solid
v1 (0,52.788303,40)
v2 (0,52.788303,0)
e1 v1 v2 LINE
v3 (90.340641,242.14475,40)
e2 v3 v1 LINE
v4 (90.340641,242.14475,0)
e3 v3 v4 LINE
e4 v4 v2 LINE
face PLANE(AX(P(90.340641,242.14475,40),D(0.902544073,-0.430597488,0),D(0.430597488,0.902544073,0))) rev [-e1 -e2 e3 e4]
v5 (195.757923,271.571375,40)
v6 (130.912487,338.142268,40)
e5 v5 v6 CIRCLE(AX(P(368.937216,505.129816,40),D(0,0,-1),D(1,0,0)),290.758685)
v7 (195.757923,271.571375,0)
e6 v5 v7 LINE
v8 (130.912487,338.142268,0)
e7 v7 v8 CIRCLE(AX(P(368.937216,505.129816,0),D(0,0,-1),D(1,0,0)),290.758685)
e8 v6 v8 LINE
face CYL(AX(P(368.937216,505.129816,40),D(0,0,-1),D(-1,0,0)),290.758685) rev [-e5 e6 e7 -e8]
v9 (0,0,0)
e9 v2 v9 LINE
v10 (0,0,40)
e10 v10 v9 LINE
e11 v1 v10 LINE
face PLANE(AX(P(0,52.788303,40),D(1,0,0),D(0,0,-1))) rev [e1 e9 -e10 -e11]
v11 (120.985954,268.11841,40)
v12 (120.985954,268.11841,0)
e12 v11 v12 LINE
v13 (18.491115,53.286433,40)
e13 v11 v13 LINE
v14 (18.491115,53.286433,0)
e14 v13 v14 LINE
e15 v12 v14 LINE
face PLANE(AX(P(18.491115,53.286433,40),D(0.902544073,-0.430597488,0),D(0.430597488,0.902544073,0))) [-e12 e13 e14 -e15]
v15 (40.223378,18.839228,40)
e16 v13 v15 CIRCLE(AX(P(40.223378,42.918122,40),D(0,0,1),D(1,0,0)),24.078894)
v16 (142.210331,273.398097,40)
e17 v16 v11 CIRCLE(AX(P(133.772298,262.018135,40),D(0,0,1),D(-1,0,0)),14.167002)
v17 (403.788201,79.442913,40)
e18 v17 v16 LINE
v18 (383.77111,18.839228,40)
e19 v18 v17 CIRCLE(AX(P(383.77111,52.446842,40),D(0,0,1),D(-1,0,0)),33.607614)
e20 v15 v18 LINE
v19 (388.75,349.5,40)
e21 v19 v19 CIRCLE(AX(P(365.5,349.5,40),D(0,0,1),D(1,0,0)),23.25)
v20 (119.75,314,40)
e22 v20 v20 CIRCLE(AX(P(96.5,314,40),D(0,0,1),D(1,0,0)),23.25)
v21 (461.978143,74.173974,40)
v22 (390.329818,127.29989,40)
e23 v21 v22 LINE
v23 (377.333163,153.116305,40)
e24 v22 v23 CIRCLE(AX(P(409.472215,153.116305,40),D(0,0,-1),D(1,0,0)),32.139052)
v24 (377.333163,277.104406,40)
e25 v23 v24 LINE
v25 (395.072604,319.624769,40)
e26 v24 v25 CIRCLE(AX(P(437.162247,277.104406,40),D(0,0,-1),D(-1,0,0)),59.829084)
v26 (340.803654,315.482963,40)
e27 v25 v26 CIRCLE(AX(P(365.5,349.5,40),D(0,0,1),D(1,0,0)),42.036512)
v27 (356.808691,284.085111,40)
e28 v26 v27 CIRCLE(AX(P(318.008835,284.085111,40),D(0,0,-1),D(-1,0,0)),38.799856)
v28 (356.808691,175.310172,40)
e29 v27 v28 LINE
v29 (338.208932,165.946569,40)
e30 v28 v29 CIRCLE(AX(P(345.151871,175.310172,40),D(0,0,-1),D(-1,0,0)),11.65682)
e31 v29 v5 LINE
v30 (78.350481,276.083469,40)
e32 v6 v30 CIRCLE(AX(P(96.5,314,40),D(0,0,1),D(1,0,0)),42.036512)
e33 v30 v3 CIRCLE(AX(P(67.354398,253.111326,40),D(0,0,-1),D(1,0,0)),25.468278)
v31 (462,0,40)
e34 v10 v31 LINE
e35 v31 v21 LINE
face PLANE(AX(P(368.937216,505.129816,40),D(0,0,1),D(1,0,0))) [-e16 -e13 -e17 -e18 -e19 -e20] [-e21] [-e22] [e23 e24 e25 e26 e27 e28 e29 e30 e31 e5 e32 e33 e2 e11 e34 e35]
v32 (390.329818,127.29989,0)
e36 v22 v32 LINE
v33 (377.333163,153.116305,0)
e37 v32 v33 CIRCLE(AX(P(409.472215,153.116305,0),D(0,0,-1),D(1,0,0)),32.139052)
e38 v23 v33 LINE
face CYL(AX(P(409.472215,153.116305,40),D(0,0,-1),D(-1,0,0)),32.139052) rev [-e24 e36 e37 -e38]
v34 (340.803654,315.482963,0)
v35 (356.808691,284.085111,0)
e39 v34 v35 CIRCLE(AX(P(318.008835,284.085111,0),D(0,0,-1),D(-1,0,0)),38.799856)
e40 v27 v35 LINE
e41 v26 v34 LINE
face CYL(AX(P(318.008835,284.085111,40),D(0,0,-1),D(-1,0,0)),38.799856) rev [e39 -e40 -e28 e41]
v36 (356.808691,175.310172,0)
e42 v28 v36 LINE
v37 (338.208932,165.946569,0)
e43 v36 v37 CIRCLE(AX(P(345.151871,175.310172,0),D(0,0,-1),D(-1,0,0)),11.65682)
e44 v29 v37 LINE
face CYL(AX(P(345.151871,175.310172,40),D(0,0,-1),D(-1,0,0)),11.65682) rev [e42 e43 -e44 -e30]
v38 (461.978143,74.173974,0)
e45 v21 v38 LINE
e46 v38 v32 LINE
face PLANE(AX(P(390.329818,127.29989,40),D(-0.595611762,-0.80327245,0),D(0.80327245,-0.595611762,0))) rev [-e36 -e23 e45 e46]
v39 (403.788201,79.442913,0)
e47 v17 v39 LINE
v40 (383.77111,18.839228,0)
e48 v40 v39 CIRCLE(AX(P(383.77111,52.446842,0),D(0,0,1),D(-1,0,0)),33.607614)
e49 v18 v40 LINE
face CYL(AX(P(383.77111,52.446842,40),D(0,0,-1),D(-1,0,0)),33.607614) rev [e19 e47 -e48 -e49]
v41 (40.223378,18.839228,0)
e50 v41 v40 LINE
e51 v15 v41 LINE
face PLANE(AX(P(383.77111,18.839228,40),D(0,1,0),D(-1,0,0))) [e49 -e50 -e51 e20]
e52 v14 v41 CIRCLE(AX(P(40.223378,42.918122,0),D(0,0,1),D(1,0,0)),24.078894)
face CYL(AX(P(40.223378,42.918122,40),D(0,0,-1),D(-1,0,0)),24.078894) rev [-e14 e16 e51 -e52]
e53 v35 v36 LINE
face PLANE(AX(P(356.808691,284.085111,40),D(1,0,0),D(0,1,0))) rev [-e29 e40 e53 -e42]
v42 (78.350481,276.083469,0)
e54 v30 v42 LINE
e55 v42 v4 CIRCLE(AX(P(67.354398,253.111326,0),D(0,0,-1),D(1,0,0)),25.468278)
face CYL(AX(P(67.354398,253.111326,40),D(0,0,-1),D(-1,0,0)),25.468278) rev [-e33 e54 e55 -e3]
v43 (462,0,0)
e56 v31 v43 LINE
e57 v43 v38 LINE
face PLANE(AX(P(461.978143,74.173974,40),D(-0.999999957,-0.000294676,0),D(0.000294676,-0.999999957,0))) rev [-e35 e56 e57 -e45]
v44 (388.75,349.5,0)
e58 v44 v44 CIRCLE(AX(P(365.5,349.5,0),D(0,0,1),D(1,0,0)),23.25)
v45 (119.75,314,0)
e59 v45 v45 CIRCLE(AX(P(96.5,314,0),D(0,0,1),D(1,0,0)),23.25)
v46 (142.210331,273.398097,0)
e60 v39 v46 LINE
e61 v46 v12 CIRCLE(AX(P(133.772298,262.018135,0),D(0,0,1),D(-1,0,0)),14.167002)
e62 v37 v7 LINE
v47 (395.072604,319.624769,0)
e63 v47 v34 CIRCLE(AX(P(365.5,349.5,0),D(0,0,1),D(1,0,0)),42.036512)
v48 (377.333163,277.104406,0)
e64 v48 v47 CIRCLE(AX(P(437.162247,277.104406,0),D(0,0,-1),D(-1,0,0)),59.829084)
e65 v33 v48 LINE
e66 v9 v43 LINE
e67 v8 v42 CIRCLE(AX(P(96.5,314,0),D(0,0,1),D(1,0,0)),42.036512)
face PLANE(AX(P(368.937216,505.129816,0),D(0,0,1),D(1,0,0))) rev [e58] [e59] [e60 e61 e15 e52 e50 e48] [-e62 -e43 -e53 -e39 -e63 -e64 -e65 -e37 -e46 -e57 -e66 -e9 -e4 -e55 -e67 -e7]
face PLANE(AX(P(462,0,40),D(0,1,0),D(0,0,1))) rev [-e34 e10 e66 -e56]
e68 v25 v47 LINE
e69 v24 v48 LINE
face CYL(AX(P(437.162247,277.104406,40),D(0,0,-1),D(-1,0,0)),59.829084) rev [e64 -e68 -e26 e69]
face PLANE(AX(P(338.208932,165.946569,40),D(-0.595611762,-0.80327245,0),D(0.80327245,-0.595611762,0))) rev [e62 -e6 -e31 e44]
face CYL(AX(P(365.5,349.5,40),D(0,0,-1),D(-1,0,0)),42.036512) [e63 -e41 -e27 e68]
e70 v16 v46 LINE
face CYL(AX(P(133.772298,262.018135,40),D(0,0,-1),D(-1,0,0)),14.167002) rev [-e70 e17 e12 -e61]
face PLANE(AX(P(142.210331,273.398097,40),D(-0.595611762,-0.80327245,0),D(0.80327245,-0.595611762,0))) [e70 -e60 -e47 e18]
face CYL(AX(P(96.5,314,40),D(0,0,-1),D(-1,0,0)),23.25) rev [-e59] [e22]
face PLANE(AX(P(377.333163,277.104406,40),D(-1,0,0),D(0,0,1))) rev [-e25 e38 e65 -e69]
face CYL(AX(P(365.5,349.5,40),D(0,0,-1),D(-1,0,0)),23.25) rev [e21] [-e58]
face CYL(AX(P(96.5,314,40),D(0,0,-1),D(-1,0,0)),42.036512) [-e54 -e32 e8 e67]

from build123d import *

# Parameters (mm, degrees)
SZKIC2_R                    = 23.25
DODANIE_WYCI_GNI_CIE2_DEPTH = 40


with BuildPart() as part:
    # Szkic2 → Dodanie-wyciągnięcie2 (new body)
    with BuildSketch(Plane.XY):
        with BuildLine():
            Line((356.808690949, 284.085111344), (356.808690949, 175.310171823))
            ThreePointArc((356.808690949, 175.310171823), (350.393476668, 164.898302535), (338.208931835, 165.946569461))
            Line((338.208931835, 165.946569461), (195.757922755, 271.57137534))
            ThreePointArc((195.757922755, 271.57137534), (160.658297297, 302.249297223), (130.912486716, 338.142268))
            ThreePointArc((130.912486716, 338.142268), (64.422832686, 341.168431743), (78.350481289, 276.083469083))
            ThreePointArc((78.350481289, 276.083469083), (91.368118976, 261.595098554), (90.340641348, 242.144749939))
            Line((90.340641348, 242.144749939), (0, 52.788302942))
            Line((0, 52.788302942), (0, 0))
            Line((0, 0), (462, 0))
            Line((462, 0), (461.978142717, 74.173973692))
            Line((461.978142717, 74.173973692), (390.329817514, 127.299890384))
            ThreePointArc((390.329817514, 127.299890384), (380.765620141, 138.664659162), (377.333162938, 153.116305376))
            Line((377.333162938, 153.116305376), (377.333162938, 277.104406009))
            ThreePointArc((377.333162938, 277.104406009), (381.945835927, 300.14062202), (395.072603756, 319.624768565))
            ThreePointArc((395.072603756, 319.624768565), (362.301076624, 391.414618398), (340.803653738, 315.482962688))
            ThreePointArc((340.803653738, 315.482962688), (352.576627129, 301.70602424), (356.808690949, 284.085111344))
        make_face()
        with Locations((96.5, 314)):
            Circle(SZKIC2_R, mode=Mode.SUBTRACT)
        with Locations((365.5, 349.5)):
            Circle(SZKIC2_R, mode=Mode.SUBTRACT)
        with BuildLine():
            Line((142.210331035, 273.398097089), (403.788200613, 79.442912954))
            ThreePointArc((403.788200613, 79.442912954), (415.683061467, 41.906486457), (383.77111031, 18.839228227))
            Line((383.77111031, 18.839228227), (40.223377682, 18.839228227))
            ThreePointArc((40.223377682, 18.839228227), (19.858572573, 30.070249276), (18.491115014, 53.286432871))
            Line((18.491115014, 53.286432871), (120.985954342, 268.118410164))
            ThreePointArc((120.985954342, 268.118410164), (130.352396717, 275.766160753), (142.210331035, 273.398097089))
        make_face(mode=Mode.SUBTRACT)
    extrude(amount=DODANIE_WYCI_GNI_CIE2_DEPTH)


solid = part.part
